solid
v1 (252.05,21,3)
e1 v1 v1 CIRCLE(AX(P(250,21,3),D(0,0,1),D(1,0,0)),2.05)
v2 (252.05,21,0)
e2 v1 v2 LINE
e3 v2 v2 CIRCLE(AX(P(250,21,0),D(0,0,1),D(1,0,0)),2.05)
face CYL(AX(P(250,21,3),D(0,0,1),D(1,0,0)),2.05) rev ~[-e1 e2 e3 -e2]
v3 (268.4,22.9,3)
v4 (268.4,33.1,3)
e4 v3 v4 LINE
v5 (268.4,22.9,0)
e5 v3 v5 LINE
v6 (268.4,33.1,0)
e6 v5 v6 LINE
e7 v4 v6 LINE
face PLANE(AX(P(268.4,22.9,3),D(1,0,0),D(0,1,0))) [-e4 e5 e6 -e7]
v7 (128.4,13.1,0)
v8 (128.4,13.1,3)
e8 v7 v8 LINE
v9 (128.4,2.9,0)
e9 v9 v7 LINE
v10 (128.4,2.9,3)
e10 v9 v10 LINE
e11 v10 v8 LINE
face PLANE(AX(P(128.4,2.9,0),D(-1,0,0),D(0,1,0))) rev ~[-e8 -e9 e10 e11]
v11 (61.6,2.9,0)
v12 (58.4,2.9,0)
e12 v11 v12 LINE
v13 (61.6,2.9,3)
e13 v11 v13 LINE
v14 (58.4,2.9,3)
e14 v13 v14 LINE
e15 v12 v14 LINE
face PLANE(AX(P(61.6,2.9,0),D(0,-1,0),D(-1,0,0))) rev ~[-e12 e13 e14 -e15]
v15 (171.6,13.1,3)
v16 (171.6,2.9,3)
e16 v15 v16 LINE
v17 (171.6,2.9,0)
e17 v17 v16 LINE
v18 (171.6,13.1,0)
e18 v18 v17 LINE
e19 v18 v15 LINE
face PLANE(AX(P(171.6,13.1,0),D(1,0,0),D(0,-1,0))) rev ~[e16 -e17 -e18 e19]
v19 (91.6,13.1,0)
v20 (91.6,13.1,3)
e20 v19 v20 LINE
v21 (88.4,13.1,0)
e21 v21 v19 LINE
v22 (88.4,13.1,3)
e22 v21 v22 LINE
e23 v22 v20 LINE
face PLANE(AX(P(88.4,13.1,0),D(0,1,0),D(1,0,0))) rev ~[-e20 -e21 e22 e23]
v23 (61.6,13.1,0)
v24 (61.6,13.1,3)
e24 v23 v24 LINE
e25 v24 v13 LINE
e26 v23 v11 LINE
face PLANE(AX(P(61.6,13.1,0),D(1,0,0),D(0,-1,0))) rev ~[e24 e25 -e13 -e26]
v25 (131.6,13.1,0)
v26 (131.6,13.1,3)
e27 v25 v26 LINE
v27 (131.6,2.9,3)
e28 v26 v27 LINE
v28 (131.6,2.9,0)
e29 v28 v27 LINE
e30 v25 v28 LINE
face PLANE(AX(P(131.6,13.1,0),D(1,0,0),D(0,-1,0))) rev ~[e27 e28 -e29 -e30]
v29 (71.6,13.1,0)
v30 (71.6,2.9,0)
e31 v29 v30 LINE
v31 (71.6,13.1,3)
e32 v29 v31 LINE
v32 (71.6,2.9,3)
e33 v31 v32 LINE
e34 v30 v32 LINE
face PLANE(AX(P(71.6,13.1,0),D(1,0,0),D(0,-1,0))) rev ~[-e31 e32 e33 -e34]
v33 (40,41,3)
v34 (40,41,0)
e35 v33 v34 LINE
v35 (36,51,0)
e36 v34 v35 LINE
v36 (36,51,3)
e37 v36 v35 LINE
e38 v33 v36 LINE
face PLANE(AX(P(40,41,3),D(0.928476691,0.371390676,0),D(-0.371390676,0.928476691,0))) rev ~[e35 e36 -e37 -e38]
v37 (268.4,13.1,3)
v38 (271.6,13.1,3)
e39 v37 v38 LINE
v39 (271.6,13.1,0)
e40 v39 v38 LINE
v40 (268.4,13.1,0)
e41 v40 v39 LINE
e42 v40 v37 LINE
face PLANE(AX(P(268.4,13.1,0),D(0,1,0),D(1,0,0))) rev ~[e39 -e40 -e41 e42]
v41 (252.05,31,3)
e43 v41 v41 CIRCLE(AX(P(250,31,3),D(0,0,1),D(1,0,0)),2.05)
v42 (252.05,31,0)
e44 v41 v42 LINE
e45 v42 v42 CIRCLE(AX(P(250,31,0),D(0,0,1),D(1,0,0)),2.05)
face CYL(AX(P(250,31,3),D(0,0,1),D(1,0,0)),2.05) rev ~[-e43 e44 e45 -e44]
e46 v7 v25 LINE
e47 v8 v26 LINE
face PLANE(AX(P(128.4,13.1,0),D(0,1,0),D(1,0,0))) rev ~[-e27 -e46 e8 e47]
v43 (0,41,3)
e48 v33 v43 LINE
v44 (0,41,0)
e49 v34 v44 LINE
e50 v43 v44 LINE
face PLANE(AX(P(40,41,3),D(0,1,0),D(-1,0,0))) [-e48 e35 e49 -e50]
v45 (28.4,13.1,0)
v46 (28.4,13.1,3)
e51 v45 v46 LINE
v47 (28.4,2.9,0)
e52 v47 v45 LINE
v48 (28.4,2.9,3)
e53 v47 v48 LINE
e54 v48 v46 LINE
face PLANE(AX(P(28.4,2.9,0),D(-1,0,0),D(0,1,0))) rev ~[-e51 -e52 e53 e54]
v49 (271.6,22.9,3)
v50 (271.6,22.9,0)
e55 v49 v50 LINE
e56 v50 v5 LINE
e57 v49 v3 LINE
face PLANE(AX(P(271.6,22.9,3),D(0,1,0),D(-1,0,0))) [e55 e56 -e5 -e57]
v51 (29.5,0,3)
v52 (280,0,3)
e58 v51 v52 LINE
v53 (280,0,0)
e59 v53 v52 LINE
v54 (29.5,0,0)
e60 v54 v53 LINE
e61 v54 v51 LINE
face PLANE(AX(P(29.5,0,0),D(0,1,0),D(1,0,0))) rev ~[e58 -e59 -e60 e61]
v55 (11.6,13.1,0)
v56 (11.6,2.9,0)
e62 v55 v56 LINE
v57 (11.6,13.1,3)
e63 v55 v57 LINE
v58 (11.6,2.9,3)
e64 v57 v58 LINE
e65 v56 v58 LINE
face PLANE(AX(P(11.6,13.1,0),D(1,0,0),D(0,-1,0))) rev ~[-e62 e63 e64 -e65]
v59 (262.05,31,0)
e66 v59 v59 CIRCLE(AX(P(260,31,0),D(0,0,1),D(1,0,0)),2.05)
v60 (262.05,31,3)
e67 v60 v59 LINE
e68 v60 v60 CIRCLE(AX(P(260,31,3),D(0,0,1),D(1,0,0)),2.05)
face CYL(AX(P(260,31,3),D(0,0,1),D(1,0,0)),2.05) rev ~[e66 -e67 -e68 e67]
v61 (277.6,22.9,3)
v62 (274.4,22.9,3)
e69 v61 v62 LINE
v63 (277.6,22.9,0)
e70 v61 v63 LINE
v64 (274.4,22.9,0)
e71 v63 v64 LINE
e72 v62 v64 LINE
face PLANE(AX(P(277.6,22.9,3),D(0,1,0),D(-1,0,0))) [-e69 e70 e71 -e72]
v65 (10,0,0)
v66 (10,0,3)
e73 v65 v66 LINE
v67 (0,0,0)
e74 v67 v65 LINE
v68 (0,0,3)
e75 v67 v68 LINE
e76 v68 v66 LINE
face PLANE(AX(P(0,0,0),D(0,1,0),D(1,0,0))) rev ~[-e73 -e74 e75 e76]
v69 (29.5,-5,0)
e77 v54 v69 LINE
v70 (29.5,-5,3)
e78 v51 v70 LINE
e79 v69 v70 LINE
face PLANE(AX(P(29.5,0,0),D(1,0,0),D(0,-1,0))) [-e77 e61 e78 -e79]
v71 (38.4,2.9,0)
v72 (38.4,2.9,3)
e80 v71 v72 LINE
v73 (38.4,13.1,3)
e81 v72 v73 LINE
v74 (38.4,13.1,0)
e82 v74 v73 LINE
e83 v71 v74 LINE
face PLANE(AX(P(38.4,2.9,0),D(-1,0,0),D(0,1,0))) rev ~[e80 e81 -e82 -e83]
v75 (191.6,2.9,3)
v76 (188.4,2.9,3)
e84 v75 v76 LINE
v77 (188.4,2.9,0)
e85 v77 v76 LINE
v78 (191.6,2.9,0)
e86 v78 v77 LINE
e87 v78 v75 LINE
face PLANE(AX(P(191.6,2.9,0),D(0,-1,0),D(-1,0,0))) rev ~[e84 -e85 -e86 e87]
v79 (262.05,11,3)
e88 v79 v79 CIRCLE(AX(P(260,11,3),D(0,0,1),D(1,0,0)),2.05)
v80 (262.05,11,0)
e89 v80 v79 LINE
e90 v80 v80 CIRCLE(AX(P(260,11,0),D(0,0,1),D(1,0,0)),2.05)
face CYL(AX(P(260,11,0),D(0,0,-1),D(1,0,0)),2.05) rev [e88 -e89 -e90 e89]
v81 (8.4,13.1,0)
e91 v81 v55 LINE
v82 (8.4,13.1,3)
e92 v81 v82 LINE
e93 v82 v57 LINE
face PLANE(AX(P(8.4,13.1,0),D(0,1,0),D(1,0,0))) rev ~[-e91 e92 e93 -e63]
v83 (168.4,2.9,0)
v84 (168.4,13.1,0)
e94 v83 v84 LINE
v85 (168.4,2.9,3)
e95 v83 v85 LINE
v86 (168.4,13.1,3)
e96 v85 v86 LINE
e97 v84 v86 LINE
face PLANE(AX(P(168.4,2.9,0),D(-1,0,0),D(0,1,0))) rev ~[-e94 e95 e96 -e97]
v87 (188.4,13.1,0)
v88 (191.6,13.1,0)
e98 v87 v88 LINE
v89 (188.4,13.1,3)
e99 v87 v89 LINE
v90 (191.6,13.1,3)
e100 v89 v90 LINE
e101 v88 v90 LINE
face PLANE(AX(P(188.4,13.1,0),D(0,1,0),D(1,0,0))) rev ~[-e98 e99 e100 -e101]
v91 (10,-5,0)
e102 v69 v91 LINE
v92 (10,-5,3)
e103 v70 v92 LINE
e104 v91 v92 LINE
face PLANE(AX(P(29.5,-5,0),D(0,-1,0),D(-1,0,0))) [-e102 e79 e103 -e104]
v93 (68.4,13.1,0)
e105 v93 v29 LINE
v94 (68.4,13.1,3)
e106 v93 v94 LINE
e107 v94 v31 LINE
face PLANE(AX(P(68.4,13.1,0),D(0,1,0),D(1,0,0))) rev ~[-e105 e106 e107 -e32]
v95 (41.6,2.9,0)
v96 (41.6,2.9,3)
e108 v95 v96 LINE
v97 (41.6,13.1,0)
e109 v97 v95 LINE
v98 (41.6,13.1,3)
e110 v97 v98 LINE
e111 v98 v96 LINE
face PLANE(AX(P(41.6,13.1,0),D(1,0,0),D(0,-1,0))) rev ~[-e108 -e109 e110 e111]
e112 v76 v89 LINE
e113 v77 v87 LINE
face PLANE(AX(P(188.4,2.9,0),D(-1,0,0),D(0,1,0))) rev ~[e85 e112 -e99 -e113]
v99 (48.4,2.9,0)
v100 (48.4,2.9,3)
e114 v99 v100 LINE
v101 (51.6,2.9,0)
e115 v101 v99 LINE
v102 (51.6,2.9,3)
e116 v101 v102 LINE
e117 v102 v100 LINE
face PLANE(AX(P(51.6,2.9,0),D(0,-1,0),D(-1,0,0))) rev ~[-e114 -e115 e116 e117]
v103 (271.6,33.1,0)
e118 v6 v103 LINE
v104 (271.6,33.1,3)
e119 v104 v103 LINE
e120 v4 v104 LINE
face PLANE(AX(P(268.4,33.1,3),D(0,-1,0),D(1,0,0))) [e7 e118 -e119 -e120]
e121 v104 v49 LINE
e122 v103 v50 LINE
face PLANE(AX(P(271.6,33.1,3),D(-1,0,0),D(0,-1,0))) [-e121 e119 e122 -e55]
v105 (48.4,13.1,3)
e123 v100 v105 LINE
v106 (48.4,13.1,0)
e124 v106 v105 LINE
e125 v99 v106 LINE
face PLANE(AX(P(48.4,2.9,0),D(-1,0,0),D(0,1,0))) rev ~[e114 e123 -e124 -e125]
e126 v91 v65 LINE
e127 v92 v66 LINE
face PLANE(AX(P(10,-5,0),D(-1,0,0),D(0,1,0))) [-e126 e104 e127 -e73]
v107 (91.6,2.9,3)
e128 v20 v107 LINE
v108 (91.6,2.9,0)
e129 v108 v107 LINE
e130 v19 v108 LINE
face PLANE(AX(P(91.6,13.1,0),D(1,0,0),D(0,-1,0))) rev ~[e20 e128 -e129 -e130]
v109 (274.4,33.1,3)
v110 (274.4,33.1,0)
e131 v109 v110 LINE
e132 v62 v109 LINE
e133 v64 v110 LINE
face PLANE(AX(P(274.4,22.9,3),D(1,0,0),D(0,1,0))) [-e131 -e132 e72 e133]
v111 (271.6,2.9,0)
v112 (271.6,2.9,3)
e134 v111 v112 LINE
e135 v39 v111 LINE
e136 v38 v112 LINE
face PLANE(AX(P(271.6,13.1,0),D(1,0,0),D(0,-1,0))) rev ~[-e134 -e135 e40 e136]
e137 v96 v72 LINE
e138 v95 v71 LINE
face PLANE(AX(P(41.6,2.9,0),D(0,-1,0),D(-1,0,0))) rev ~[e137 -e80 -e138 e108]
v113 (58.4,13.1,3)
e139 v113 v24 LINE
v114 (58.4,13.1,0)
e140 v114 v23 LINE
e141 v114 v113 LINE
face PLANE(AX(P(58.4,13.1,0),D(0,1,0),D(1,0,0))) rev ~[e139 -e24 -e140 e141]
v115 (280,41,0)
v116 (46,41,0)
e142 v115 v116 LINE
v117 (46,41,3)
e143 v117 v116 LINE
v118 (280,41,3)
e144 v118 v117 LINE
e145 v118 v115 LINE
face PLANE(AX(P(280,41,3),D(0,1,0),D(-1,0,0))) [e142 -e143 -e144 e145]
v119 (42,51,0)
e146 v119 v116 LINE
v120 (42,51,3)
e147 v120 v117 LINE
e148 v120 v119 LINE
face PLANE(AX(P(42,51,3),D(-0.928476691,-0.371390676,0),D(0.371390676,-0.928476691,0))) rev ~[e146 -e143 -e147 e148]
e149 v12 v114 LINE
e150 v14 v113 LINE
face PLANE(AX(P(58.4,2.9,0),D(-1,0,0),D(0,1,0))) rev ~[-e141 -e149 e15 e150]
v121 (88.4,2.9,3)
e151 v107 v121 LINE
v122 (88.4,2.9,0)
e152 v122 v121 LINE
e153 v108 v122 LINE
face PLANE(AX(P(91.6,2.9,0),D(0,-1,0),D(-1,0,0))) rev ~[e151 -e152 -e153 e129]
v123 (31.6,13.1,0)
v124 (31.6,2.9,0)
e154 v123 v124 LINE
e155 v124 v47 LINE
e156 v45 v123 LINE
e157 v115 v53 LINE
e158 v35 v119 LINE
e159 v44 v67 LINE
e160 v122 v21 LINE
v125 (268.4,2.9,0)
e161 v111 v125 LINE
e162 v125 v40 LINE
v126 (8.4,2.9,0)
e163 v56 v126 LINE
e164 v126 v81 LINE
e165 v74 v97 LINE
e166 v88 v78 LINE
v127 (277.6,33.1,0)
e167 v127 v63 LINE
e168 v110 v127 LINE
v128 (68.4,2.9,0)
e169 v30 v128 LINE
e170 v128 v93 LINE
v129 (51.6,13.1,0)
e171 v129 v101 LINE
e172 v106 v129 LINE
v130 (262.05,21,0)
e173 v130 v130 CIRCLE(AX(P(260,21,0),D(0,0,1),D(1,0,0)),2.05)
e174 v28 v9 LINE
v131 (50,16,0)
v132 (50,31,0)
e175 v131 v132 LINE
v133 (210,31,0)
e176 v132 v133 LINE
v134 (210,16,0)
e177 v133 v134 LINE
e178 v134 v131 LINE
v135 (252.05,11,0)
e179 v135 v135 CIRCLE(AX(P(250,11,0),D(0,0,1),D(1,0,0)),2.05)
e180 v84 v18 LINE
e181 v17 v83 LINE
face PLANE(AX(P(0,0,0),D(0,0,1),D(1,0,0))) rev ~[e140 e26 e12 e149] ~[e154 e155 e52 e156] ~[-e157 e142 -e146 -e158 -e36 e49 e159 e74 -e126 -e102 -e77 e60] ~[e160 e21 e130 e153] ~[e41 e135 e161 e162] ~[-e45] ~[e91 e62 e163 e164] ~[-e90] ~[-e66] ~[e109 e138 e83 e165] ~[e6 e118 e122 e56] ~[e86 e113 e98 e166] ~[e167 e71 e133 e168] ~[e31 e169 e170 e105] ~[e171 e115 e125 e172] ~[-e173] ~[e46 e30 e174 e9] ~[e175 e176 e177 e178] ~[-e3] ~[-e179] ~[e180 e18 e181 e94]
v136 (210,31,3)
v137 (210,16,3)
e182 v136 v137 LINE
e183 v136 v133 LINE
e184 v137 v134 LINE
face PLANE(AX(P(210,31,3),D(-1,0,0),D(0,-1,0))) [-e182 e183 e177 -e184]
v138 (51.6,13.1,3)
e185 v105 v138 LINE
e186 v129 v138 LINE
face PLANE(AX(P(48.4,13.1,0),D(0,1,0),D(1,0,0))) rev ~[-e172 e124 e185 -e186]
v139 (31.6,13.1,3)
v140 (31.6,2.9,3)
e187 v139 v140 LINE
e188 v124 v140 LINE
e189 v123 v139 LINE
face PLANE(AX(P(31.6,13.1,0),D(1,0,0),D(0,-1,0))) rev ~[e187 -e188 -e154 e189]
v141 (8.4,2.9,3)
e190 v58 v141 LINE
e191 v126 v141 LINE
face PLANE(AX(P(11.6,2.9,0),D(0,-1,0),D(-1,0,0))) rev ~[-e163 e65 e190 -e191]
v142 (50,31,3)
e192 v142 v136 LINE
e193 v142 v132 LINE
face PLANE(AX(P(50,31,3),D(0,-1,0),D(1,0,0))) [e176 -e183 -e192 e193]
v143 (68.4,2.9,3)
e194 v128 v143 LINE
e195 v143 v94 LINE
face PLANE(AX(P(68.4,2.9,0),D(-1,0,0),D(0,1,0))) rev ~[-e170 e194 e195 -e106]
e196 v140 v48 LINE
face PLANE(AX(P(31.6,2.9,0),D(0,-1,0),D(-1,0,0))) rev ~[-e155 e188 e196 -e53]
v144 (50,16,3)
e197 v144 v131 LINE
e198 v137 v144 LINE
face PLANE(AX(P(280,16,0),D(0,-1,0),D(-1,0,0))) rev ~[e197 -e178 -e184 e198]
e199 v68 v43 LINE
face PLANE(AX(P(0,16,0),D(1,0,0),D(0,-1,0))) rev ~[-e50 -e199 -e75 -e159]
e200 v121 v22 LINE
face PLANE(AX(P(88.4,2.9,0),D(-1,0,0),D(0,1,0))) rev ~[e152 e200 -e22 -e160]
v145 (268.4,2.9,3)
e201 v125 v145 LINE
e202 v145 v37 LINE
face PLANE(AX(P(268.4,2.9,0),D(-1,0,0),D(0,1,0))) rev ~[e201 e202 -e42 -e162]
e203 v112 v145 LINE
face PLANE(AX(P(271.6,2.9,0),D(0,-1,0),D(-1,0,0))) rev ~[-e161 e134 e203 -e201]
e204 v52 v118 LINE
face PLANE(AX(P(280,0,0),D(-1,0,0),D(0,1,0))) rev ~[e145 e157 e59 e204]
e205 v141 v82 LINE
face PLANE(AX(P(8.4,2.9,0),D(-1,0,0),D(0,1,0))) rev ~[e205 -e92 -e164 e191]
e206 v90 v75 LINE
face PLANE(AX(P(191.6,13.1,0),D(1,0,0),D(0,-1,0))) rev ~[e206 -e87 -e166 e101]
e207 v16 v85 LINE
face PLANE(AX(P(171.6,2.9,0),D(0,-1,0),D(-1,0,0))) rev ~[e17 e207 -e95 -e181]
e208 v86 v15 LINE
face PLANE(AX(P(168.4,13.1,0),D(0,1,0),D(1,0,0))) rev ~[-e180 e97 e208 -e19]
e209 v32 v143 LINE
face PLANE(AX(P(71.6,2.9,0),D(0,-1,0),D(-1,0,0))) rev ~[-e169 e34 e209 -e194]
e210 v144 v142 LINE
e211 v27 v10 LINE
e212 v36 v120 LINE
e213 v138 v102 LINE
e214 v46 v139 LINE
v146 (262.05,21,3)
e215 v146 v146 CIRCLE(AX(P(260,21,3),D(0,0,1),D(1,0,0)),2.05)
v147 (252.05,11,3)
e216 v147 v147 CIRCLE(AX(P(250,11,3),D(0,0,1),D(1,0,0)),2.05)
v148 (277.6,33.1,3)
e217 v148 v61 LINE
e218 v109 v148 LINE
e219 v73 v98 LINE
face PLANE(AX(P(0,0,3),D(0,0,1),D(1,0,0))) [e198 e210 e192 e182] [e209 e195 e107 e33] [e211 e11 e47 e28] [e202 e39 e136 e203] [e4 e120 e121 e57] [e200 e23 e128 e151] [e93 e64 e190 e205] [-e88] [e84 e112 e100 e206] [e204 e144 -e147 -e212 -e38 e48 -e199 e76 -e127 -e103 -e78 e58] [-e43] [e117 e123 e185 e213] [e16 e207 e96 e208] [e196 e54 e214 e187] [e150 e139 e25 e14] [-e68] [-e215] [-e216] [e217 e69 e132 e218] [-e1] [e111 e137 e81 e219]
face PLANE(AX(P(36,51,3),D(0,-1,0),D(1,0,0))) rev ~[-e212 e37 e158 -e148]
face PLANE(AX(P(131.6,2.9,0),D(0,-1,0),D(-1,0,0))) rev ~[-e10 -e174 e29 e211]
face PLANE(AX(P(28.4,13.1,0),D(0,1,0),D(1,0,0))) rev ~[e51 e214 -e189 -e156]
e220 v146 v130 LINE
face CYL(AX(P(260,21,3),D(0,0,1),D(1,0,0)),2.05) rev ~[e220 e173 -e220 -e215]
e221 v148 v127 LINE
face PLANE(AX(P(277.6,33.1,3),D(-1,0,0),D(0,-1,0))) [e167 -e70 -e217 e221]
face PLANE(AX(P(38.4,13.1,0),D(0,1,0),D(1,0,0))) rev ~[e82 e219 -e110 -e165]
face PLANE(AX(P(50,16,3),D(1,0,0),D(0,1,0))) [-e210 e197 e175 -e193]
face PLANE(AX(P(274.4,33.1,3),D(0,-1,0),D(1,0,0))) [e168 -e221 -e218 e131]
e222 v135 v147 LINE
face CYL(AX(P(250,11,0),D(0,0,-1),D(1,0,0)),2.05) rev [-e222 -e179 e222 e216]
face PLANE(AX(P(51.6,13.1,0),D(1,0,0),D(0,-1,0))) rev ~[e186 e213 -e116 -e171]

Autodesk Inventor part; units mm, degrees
ref_plane "YZ Plane" through (0, 0, 0) normal (1, 0, 0) x (0, 1, 0)
ref_plane "XZ Plane" through (0, 0, 0) normal (0, 1, 0) x (-1, 0, 0)
ref_plane "XY Plane" through (0, 0, 0) normal (0, 0, 1) x (1, 0, 0)
sketch "Sketch1" plane through (0, 0, 0) normal (0, 0, 1) x (1, 0, 0)
  line L0 (0, 0) -> (280, 0)
  line L1 (280, 0) -> (280, 16)
  line L2 (280, 16) -> (0, 16)
  line L3 (0, 16) -> (0, 0)
  line L4 (0, 0) -> (22.0483, 0)
  line L5 (10, 0) -> (29.5, 0)
  line L6 (29.5, 0) -> (29.5, -5)
  line L7 (29.5, -5) -> (10, -5)
  line L8 (10, -5) -> (10, 0)
  line L9 (8.4, 13.1) -> (11.6, 13.1)
  line L10 (11.6, 13.1) -> (11.6, 2.9)
  line L11 (11.6, 2.9) -> (8.4, 2.9)
  line L12 (8.4, 2.9) -> (8.4, 13.1)
  line L13 (8.4, 13.1) -> (11.6, 2.9) construction
  line L14 (11.6, 13.1) -> (8.4, 2.9) construction
  line L15 (268.4, 13.1) -> (271.6, 13.1)
  line L16 (271.6, 13.1) -> (271.6, 2.9)
  line L17 (271.6, 2.9) -> (268.4, 2.9)
  line L18 (268.4, 2.9) -> (268.4, 13.1)
  line L19 (268.4, 13.1) -> (271.6, 2.9) construction
  line L20 (271.6, 13.1) -> (268.4, 2.9) construction
  circle A0 centre (260, 11) radius 2.05
  circle A1 centre (250, 11) radius 2.05
  line L21 (48.4, 13.1) -> (51.6, 13.1)
  line L22 (51.6, 13.1) -> (51.6, 2.9)
  line L23 (51.6, 2.9) -> (48.4, 2.9)
  line L24 (48.4, 2.9) -> (48.4, 13.1)
  line L25 (48.4, 13.1) -> (51.6, 2.9) construction
  line L26 (51.6, 13.1) -> (48.4, 2.9) construction
  line L27 (88.4, 13.1) -> (91.6, 13.1)
  line L28 (91.6, 13.1) -> (91.6, 2.9)
  line L29 (91.6, 2.9) -> (88.4, 2.9)
  line L30 (88.4, 2.9) -> (88.4, 13.1)
  line L31 (88.4, 13.1) -> (91.6, 2.9) construction
  line L32 (91.6, 13.1) -> (88.4, 2.9) construction
  line L33 (128.4, 13.1) -> (131.6, 13.1)
  line L34 (131.6, 13.1) -> (131.6, 2.9)
  line L35 (131.6, 2.9) -> (128.4, 2.9)
  line L36 (128.4, 2.9) -> (128.4, 13.1)
  line L37 (128.4, 13.1) -> (131.6, 2.9) construction
  line L38 (131.6, 13.1) -> (128.4, 2.9) construction
  line L39 (168.4, 13.1) -> (171.6, 13.1)
  line L40 (171.6, 13.1) -> (171.6, 2.9)
  line L41 (171.6, 2.9) -> (168.4, 2.9)
  line L42 (168.4, 2.9) -> (168.4, 13.1)
  line L43 (168.4, 13.1) -> (171.6, 2.9) construction
  line L44 (171.6, 13.1) -> (168.4, 2.9) construction
  line L45 (188.4, 13.1) -> (191.6, 13.1)
  line L46 (191.6, 13.1) -> (191.6, 2.9)
  line L47 (191.6, 2.9) -> (188.4, 2.9)
  line L48 (188.4, 2.9) -> (188.4, 13.1)
  line L49 (188.4, 13.1) -> (191.6, 2.9) construction
  line L50 (191.6, 13.1) -> (188.4, 2.9) construction
  line L51 (31.6, 13.1) -> (31.6, 2.9)
  line L52 (28.4, 13.1) -> (31.6, 13.1)
  line L53 (28.4, 2.9) -> (28.4, 13.1)
  line L54 (31.6, 13.1) -> (28.4, 2.9) construction
  line L55 (31.6, 2.9) -> (28.4, 2.9)
  line L56 (28.4, 13.1) -> (31.6, 2.9) construction
  line L57 (71.6, 13.1) -> (71.6, 2.9)
  line L58 (68.4, 13.1) -> (71.6, 13.1)
  line L59 (68.4, 2.9) -> (68.4, 13.1)
  line L60 (71.6, 13.1) -> (68.4, 2.9) construction
  line L61 (71.6, 2.9) -> (68.4, 2.9)
  line L62 (68.4, 13.1) -> (71.6, 2.9) construction
  line L63 (41.6, 13.1) -> (41.6, 2.9)
  line L64 (38.4, 13.1) -> (41.6, 13.1)
  line L65 (38.4, 2.9) -> (38.4, 13.1)
  line L66 (41.6, 13.1) -> (38.4, 2.9) construction
  line L67 (41.6, 2.9) -> (38.4, 2.9)
  line L68 (38.4, 13.1) -> (41.6, 2.9) construction
  line L69 (61.6, 13.1) -> (61.6, 2.9)
  line L70 (58.4, 13.1) -> (61.6, 13.1)
  line L71 (58.4, 2.9) -> (58.4, 13.1)
  line L72 (61.6, 13.1) -> (58.4, 2.9) construction
  line L73 (61.6, 2.9) -> (58.4, 2.9)
  line L74 (58.4, 13.1) -> (61.6, 2.9) construction
  point P0 (10, 8)
  point P1 (0, 8)
  point P2 (270, 8)
  point P3 (50, 8)
  point P4 (90, 8)
  point P5 (130, 8)
  point P6 (170, 8)
  point P7 (190, 8)
  point P8 (30, 8)
  point P9 (70, 8)
  point P10 (40, 8)
  point P11 (60, 8)
  dimension "d2" = 19.5
  dimension "d3" = 5
  dimension "d4" = 10
  dimension "d5" = 16
  dimension "d8" = 280
  dimension "d10" = 10.2
  dimension "d11" = 3.2
  dimension "d12" = 10
  dimension "d13" = 10.2
  dimension "d14" = 3.2
  dimension "d15" = 10
  dimension "d16" = 4.1
  dimension "d18" = 4.1
  dimension "d20" = 10
  dimension "d21" = 20
  dimension "d23" = 5
  dimension "d26" = 10.2
  dimension "d27" = 3.2
  dimension "d28" = 10.2
  dimension "d29" = 3.2
  dimension "d30" = 10.2
  dimension "d31" = 3.2
  dimension "d32" = 10.2
  dimension "d33" = 3.2
  dimension "d34" = 10.2
  dimension "d35" = 3.2
  dimension "d36" = 40
  dimension "d37" = 40
  dimension "d38" = 40
  dimension "d39" = 40
  dimension "d40" = 20
  dimension "d41" = 10.2
  dimension "d42" = 3.2
  dimension "d43" = 20
  dimension "d54" = 10.2
  dimension "d55" = 3.2
  dimension "d56" = 10.2
  dimension "d57" = 3.2
  dimension "d58" = 10.2
  dimension "d59" = 3.2
  dimension "d60" = 10
  dimension "d61" = 10
  dimension "d62" = 10
extrude "Extrusion1" add sketch "Sketch1" along normal blind 3
sketch "Sketch2" plane through (0, 0, 3) normal (0, 0, 1) x (1, 0, 0)
  line L0 (0, 16) -> (0, 0) projected
  line L1 (0, 16) -> (0, 41)
  line L2 (280, 0) -> (280, 16) projected
  line L3 (280, 16) -> (280, 41)
  line L4 (280, 41) -> (0, 41)
  line L5 (280, 16) -> (0, 16) projected
  line L6 (50, 16) -> (50, 31)
  line L7 (50, 31) -> (210, 31)
  line L8 (210, 31) -> (210, 16)
  line L9 (40, 41) -> (36, 51)
  line L10 (36, 51) -> (42, 51)
  line L11 (42, 51) -> (46, 41)
  circle A0 centre (250, 31) radius 2.05
  circle A1 centre (260, 31) radius 2.05
  circle A2 centre (250, 21) radius 2.05
  circle A3 centre (260, 21) radius 2.05
  circle A4 centre (260, 11) radius 2.05 projected
  line L12 (268.4, 33.1) -> (271.6, 33.1)
  line L13 (271.6, 33.1) -> (271.6, 22.9)
  line L14 (271.6, 22.9) -> (268.4, 22.9)
  line L15 (268.4, 22.9) -> (268.4, 33.1)
  line L16 (268.4, 33.1) -> (271.6, 22.9) construction
  line L17 (271.6, 33.1) -> (268.4, 22.9) construction
  line L18 (268.4, 13.1) -> (271.6, 13.1) projected
  line L19 (271.6, 13.1) -> (271.6, 2.9) projected
  line L20 (274.4, 33.1) -> (277.6, 33.1)
  line L21 (277.6, 33.1) -> (277.6, 22.9)
  line L22 (277.6, 22.9) -> (274.4, 22.9)
  line L23 (274.4, 22.9) -> (274.4, 33.1)
  line L24 (274.4, 33.1) -> (277.6, 22.9) construction
  line L25 (277.6, 33.1) -> (274.4, 22.9) construction
  point P0 (270, 28)
  point P1 (270, 13.1)
  point P2 (271.6, 8)
  point P3 (276, 28)
  dimension "d44" = 25
  dimension "d45" = 160
  dimension "d46" = 50
  dimension "d47" = 15
  dimension "d48" = 10
  dimension "d49" = 6
  dimension "d50" = 4
  dimension "d51" = 40
  dimension "d63" = 4.1
  dimension "d64" = 4.1
  dimension "d65" = 4.1
  dimension "d66" = 4.1
  dimension "d67" = 20
  dimension "d68" = 10
  dimension "d69" = 10
  dimension "d70" = 10
  dimension "d71" = 10.2
  dimension "d72" = 20
  dimension "d73" = 3.2
  dimension "d74" = 6
extrude "Extrusion2" add sketch "Sketch2" against normal blind 3 contours L1 L4 L3 L5 L8 L7 L6 | L9 L10 L11 L4
properties part number "Middle_bar"
